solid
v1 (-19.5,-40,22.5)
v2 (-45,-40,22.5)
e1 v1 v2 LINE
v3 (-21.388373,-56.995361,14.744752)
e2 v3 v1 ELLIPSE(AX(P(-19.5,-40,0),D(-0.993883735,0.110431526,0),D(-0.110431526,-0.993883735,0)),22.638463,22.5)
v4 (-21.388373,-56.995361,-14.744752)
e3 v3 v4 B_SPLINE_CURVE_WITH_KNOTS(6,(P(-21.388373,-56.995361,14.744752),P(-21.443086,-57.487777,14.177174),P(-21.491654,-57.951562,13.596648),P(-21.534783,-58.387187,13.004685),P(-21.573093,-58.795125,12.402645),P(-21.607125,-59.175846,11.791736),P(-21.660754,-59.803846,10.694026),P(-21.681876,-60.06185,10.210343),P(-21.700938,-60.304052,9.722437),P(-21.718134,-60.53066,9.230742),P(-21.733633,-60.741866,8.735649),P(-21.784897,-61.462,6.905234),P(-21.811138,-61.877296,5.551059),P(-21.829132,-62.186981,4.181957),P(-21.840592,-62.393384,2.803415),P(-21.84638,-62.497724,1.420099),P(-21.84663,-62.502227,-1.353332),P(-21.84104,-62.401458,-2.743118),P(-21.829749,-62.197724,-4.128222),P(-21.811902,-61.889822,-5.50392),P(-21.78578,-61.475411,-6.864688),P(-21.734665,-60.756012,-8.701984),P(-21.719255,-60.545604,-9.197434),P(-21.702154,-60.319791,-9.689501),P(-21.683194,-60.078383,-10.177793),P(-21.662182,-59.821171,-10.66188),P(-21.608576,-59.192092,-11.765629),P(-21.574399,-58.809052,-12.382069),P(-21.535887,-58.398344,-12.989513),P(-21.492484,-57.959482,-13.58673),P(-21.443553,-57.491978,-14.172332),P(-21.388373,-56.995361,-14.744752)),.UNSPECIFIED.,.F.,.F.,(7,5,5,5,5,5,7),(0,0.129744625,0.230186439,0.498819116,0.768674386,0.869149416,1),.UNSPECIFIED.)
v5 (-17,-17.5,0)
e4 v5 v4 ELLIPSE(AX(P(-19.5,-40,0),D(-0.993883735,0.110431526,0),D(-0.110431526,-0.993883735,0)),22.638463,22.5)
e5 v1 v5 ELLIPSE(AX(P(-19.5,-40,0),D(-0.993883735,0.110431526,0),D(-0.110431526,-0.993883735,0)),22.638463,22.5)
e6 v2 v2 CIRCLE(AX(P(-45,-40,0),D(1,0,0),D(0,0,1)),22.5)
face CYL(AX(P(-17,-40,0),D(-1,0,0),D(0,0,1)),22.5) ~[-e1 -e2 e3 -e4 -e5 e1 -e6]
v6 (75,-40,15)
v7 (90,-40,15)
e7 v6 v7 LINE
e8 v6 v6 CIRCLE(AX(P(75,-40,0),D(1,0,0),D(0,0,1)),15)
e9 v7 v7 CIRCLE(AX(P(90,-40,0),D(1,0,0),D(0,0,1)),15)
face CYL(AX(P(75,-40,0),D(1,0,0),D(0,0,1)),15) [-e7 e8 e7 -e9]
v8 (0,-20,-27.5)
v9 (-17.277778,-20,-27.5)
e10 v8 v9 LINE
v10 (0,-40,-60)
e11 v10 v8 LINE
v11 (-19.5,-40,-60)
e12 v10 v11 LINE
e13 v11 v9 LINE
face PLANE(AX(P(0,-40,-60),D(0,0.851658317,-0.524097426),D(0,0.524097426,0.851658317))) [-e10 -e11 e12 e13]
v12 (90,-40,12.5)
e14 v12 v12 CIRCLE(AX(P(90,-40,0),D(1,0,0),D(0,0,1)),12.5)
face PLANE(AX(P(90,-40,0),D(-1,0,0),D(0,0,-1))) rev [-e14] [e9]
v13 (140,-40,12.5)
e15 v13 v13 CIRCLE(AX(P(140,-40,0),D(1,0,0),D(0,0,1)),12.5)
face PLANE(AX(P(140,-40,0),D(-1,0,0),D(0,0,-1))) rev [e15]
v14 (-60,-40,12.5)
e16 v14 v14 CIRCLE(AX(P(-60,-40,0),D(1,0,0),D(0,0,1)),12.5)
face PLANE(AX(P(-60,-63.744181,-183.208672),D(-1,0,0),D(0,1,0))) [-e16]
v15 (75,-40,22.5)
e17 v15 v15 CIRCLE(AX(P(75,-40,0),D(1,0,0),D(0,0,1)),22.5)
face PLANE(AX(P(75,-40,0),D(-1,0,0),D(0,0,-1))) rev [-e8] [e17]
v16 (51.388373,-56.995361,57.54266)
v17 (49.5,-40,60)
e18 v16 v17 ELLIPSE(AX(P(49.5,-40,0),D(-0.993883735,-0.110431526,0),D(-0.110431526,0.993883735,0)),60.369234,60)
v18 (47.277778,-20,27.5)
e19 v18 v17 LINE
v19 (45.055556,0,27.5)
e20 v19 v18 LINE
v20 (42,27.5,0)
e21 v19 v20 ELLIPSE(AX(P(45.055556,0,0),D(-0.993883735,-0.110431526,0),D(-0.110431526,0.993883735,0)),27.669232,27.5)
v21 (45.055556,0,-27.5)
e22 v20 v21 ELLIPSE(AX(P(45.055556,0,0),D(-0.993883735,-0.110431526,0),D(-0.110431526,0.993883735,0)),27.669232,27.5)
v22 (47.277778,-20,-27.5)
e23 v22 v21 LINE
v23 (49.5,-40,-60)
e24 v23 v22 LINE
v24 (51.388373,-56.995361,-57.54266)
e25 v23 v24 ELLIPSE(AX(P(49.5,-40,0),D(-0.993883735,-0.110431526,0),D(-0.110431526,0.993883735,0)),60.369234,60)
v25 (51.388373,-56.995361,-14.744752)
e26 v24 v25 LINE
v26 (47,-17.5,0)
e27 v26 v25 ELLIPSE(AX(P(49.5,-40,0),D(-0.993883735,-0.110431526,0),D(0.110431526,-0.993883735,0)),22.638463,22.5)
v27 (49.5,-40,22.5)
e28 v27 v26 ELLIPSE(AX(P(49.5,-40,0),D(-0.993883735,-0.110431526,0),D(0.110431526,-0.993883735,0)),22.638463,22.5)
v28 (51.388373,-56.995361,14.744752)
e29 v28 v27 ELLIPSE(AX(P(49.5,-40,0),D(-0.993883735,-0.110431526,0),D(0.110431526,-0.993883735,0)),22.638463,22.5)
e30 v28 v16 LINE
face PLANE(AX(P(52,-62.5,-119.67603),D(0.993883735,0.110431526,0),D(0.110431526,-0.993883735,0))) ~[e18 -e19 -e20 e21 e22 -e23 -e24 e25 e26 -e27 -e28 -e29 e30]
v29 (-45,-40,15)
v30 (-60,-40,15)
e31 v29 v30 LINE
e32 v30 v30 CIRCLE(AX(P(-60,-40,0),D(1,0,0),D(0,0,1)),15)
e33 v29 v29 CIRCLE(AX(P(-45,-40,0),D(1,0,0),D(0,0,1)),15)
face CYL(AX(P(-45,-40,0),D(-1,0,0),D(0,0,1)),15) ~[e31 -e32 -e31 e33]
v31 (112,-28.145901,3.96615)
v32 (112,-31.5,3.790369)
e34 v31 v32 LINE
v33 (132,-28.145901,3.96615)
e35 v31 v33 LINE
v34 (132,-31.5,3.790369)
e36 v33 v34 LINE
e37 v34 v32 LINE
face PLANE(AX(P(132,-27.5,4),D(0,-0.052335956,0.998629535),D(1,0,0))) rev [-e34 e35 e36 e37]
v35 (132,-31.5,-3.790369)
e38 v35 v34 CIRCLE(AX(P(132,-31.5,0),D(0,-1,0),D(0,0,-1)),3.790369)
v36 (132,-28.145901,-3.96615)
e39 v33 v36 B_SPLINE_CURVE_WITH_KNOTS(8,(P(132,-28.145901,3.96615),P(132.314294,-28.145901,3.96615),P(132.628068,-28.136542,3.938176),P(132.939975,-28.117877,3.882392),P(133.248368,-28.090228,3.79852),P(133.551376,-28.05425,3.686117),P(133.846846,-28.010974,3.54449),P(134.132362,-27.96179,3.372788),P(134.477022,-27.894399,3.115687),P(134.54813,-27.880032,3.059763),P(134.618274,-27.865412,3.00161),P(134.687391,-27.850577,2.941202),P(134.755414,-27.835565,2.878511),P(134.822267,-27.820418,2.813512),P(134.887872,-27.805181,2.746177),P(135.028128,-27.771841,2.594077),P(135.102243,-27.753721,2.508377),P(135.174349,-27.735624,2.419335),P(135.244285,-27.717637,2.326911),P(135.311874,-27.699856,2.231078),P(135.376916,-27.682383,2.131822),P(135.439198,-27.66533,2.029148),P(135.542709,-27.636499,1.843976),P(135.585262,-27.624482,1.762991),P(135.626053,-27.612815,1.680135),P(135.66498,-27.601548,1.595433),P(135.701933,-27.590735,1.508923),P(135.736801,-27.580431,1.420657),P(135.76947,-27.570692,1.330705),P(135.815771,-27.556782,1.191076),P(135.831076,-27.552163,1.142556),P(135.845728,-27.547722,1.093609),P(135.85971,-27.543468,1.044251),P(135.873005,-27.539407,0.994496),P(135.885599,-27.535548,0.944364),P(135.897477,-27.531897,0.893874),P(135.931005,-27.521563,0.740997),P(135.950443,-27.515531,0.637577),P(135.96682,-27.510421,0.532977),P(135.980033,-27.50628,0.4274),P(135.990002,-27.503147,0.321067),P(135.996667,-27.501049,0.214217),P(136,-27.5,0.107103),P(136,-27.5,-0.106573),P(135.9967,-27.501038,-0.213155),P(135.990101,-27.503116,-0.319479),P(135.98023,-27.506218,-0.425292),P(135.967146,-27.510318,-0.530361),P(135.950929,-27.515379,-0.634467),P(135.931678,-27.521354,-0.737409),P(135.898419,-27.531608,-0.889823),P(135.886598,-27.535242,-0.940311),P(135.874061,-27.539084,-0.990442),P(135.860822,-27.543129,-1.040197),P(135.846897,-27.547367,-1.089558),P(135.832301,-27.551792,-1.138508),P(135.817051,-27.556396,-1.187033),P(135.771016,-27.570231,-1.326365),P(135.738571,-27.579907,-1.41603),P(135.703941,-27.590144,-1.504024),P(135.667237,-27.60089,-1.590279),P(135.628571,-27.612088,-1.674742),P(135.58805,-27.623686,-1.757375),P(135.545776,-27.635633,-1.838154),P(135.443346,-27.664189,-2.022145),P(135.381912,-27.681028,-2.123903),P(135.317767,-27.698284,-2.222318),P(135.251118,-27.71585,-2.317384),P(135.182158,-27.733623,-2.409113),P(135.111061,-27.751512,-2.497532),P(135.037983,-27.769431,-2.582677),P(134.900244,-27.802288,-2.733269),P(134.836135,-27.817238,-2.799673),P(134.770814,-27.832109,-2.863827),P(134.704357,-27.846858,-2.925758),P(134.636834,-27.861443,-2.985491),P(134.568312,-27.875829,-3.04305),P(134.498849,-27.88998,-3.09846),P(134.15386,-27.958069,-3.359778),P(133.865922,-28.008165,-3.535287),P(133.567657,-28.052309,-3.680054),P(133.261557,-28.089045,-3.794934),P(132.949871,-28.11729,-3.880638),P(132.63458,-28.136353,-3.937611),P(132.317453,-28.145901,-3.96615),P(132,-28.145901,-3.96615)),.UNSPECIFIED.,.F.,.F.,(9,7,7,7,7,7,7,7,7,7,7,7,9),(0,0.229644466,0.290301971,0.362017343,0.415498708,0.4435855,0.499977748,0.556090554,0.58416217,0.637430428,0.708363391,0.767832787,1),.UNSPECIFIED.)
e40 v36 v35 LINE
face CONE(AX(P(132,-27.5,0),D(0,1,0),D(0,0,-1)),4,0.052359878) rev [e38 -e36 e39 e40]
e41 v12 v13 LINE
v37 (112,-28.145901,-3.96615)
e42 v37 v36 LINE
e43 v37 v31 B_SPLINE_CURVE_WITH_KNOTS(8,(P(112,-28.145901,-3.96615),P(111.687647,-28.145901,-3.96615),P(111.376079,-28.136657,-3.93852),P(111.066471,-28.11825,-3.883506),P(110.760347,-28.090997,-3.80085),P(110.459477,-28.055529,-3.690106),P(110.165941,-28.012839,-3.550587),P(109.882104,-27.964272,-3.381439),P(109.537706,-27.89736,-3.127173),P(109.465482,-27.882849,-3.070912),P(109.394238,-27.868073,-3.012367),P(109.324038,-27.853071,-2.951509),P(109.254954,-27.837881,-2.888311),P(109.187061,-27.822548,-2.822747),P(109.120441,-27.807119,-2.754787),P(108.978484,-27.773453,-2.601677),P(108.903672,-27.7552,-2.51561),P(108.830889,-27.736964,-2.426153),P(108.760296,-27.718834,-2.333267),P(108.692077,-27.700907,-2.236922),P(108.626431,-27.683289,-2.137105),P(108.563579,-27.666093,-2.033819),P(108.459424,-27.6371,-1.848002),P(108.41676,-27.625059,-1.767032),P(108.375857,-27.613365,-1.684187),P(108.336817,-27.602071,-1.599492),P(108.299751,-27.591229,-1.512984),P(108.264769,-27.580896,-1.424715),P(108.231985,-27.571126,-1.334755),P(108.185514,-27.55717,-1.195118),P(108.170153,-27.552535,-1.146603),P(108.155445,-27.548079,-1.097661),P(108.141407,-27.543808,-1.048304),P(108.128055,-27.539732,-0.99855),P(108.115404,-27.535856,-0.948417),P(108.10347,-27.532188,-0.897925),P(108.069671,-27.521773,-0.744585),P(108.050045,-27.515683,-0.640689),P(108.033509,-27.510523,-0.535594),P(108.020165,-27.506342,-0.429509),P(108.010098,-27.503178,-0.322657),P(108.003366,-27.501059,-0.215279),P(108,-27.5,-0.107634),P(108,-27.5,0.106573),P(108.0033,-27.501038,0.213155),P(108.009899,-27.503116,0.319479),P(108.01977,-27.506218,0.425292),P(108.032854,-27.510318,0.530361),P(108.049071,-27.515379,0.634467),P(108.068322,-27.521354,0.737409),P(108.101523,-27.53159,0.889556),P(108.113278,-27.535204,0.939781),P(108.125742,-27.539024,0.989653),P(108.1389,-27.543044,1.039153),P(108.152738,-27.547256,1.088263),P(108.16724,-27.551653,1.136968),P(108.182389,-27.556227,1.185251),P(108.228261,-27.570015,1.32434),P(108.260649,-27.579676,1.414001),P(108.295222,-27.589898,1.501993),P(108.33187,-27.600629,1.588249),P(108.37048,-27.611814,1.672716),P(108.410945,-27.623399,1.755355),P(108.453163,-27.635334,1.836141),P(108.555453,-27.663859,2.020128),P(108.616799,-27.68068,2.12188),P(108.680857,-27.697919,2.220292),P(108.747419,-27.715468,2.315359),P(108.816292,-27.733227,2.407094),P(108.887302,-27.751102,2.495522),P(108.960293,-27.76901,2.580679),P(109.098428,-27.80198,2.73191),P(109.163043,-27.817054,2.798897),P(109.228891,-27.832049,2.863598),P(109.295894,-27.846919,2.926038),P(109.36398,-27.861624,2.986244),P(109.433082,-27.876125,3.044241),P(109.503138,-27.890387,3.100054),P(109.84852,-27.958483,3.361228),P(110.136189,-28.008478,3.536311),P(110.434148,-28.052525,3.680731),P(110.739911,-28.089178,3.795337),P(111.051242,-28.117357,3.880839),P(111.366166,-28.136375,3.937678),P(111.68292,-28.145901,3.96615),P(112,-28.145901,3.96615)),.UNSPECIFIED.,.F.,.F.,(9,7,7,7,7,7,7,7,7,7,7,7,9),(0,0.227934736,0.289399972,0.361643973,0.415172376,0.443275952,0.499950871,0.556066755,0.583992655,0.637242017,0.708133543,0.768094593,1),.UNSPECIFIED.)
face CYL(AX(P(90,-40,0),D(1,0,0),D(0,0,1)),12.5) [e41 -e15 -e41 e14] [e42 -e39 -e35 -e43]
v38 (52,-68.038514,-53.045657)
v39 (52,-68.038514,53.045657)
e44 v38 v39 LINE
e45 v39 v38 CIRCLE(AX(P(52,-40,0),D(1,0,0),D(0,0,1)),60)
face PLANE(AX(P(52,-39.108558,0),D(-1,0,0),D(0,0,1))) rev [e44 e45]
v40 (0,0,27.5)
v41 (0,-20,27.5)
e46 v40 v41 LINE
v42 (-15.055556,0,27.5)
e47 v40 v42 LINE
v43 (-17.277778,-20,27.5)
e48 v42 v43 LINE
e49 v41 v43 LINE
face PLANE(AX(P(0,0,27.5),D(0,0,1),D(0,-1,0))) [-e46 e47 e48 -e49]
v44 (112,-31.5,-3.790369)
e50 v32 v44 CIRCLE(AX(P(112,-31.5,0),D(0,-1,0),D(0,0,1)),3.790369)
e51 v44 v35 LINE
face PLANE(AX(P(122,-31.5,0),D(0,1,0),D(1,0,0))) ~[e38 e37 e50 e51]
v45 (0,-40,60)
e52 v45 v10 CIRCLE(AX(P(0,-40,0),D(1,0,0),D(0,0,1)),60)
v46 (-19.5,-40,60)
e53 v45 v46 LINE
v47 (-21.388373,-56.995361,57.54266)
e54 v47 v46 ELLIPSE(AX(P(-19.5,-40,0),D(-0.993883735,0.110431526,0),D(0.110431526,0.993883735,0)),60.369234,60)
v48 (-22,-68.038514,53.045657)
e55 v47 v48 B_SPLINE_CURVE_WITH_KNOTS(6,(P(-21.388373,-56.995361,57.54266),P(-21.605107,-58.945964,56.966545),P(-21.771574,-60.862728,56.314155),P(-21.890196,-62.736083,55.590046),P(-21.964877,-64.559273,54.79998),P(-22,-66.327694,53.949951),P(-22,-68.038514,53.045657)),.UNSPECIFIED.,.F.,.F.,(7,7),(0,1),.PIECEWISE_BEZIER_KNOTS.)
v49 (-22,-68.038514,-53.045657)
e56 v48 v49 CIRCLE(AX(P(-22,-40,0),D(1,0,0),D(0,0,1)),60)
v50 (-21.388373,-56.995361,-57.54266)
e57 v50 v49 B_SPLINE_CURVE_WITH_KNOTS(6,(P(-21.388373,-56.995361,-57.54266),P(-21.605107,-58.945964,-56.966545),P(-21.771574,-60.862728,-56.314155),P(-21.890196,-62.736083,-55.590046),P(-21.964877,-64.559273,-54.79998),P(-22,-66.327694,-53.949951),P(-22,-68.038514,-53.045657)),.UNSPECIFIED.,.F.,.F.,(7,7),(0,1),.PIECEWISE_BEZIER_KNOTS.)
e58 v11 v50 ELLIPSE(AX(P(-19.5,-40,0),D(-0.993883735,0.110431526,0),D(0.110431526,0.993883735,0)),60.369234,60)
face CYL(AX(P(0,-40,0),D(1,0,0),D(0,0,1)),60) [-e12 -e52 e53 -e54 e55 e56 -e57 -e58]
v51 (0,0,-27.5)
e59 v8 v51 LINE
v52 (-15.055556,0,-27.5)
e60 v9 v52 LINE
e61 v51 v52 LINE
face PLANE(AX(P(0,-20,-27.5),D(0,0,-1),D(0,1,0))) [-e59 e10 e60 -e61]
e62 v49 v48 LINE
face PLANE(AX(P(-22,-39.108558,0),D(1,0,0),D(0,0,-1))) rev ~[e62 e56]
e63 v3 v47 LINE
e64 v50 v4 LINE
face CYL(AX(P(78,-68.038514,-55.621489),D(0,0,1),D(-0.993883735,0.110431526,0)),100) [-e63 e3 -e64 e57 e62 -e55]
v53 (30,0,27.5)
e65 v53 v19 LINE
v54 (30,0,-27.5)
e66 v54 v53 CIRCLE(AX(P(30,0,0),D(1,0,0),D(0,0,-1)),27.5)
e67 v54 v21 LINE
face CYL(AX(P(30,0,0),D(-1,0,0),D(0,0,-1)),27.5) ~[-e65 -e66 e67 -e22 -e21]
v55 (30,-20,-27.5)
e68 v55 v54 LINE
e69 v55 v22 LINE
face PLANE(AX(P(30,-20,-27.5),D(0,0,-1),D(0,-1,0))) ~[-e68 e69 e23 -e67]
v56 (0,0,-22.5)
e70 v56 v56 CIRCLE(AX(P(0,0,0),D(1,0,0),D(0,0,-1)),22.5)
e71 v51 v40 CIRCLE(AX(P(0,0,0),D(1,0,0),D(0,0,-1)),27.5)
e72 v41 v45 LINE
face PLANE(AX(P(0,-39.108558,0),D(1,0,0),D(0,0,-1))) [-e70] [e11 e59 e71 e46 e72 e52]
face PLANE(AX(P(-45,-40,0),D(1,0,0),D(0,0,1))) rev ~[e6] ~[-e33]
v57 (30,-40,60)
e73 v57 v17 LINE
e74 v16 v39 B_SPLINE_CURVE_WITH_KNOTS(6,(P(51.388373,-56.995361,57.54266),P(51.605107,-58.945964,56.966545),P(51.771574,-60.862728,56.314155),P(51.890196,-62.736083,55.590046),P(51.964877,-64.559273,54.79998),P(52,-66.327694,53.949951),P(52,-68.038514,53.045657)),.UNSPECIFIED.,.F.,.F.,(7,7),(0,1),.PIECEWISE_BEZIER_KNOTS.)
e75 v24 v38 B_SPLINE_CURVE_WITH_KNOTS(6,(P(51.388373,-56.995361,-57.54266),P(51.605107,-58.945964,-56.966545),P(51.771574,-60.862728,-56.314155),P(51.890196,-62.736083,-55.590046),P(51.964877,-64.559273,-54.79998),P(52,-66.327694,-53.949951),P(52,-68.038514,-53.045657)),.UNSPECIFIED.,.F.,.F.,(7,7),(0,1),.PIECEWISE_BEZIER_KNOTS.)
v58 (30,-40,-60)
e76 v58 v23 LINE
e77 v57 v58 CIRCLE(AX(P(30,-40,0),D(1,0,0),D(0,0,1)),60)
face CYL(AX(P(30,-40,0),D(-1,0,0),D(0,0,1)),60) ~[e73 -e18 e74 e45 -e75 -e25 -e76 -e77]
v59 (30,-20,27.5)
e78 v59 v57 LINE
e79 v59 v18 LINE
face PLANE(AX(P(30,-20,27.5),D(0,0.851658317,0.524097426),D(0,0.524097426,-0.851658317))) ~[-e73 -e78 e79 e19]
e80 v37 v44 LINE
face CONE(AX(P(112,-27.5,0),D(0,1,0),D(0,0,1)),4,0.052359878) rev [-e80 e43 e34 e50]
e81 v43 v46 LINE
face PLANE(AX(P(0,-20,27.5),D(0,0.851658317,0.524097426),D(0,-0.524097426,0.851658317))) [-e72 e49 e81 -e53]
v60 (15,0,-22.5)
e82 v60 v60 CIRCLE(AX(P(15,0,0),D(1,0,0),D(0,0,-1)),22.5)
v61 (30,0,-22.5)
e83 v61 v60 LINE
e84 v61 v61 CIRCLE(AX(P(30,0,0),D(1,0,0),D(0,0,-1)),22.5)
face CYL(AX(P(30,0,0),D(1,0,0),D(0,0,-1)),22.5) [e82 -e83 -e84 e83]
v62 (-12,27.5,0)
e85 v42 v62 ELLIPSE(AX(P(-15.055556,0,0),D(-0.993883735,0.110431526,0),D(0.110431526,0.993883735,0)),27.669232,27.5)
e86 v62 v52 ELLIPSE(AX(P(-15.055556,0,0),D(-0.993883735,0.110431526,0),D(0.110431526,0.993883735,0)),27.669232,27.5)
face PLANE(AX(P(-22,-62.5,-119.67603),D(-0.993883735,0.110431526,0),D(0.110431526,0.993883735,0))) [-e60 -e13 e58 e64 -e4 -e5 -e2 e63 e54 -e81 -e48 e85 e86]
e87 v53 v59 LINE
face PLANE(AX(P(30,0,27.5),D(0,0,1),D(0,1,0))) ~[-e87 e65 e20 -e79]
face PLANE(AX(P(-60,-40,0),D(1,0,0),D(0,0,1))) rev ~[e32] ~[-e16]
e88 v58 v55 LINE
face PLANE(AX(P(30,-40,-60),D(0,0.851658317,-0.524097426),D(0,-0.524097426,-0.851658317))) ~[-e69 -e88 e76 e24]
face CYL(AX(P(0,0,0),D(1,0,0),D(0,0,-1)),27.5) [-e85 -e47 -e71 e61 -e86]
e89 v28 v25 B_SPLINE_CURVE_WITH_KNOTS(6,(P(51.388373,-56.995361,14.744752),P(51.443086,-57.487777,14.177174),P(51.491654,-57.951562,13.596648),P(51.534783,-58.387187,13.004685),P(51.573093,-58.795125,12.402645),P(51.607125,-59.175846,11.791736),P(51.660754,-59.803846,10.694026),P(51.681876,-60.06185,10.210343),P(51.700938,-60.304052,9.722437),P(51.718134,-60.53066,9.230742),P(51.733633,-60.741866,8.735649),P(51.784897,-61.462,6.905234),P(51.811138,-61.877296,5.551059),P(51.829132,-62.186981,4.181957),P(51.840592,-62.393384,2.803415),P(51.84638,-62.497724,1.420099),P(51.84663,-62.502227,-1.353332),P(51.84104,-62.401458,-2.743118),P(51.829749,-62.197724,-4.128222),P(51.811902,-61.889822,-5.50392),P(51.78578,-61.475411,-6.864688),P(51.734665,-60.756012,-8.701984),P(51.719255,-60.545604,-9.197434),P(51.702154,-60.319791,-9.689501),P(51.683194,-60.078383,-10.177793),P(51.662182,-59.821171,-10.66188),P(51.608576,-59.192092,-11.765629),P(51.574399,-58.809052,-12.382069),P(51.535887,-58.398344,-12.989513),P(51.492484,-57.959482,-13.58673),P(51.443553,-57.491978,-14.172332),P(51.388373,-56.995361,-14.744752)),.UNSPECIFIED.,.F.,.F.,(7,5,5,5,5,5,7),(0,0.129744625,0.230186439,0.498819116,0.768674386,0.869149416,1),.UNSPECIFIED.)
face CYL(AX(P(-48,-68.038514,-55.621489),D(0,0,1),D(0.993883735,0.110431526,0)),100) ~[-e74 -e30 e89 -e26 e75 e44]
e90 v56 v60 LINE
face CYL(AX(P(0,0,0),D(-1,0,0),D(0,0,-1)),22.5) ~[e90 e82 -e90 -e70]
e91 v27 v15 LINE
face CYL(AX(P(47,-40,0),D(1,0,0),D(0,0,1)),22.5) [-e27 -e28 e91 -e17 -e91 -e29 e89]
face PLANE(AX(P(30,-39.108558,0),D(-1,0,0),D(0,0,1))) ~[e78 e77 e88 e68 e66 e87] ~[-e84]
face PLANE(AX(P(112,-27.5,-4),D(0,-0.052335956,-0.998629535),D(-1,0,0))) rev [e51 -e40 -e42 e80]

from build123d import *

# Parameters (mm, degrees)
SKETCH2_R               = 22.5
BOSS_EXTRUDE1_DEPTH     = 15
BOSS_EXTRUDE2_DEPTH     = 22
CUT_EXTRUDE2_DEPTH      = 119.676029593
CUT_EXTRUDE2_DEPTH_BACK = 119.676029593
FILLET1_R               = 100
CUT_EXTRUDE3_START      = -27.5
CUT_EXTRUDE3_DEPTH      = 4
CUT_EXTRUDE3_DRAFT      = -3
CUT_EXTRUDE7_DEPTH      = 183.208671748
CUT_EXTRUDE7_DEPTH_BACK = 183.208671748


with BuildPart() as part:
    # Sketch2 → Boss-Extrude1 (new body)
    with BuildSketch(Plane(origin=(0, 0, 0), x_dir=(0, 0, -1), z_dir=(1, 0, 0))):
        Circle(SKETCH2_R)
    extrude(amount=BOSS_EXTRUDE1_DEPTH)

    # Sketch3 → Boss-Extrude2 (add)
    with BuildSketch(Plane(origin=(0, 0, 0), x_dir=(0, 0, -1), z_dir=(1, 0, 0))):
        with BuildLine():
            Line((-27.5, 0), (-27.5, -20))
            Line((-27.5, -20), (-60, -40))
            ThreePointArc((-60, -40), (0, -100), (60, -40))
            Line((60, -40), (27.5, -20))
            Line((27.5, -20), (27.5, 0))
            ThreePointArc((27.5, 0), (0, 27.5), (-27.5, 0))
        make_face()
    extrude(amount=-BOSS_EXTRUDE2_DEPTH)

    # Sketch4 → Cut-Extrude2 (cut, two sides: drawn at the far end of the back side and taken through both)
    with BuildSketch(Plane.XY.offset(-CUT_EXTRUDE2_DEPTH_BACK)):
        Polygon((-12, 27.5), (-22, 27.5), (-22, -62.5), align=None)
    extrude(amount=CUT_EXTRUDE2_DEPTH + CUT_EXTRUDE2_DEPTH_BACK, mode=Mode.SUBTRACT)

    # Fillet1
    fillet1_edges = [part.edges().sort_by_distance(p)[0] for p in [
        (-22, -62.5, 0),
    ]]
    fillet(fillet1_edges, radius=FILLET1_R)

    # Sketch6 → Revolve1 (revolve)
    with BuildSketch(Plane.XY, mode=Mode.PRIVATE) as revolve1_sk:
        Polygon((-17, -17.5), (-45, -17.5), (-45, -25), (-60, -25), (-60, -27.5), (-110, -27.5), (-110, -40), (-17, -40), align=None)
    revolve(revolve1_sk.sketch.rotate(Axis((0, -40, 0), (1, 0, 0)), 90), axis=Axis((0, -40, 0), (1, 0, 0)))


with BuildPart() as cut_extrude3_tool:
    # Sketch8 → Cut-Extrude3 (with draft: the straight prism first)
    with BuildSketch(Plane(origin=(0, 0, 0), x_dir=(1, 0, 0), z_dir=(0, 1, 0)).offset(CUT_EXTRUDE3_START)):
        with BuildLine():
            ThreePointArc((-82, -4), (-78, 0), (-82, 4))
            Line((-82, 4), (-102, 4))
            ThreePointArc((-102, 4), (-106, 0), (-102, -4))
            Line((-102, -4), (-82, -4))
        make_face()
    extrude(amount=-CUT_EXTRUDE3_DEPTH)
    # Cut-Extrude3: the draft: its side faces are tilted about the plane it starts from
    cut_extrude3_sides = [cut_extrude3_tool.faces().sort_by_distance(p)[0] for p in [
        (-78, -29.5, 0),
        (-92, -29.5, -4),
        (-106, -29.5, 0),
        (-92, -29.5, 4),
    ]]
    draft(cut_extrude3_sides, Plane(origin=(0, 0, 0), x_dir=(1, 0, 0), z_dir=(0, 1, 0)).offset(CUT_EXTRUDE3_START), CUT_EXTRUDE3_DRAFT)


with BuildPart() as part_1:
    add(part.part)

    # Cut-Extrude3: cut by cut_extrude3_tool
    add(cut_extrude3_tool.part, mode=Mode.SUBTRACT)

    # Mirror2: part across plane


with BuildPart() as part_2:
    add(part_1.part)
    add(part_1.part.mirror(Plane(origin=(15, 0, 0), x_dir=(0, 0, 1), z_dir=(1, 0, 0))))

    # Sketch9 → Cut-Extrude7 (cut, two sides: drawn at the far end of the back side and taken through both)
    with BuildSketch(Plane.XY.offset(-CUT_EXTRUDE7_DEPTH_BACK)):
        Polygon((-60, -63.744180842), (-60, 19.972023277), (-60, 24.234333035), (-120.234198747, 24.234333035), (-120.234198747, -63.744180842), align=None)
    extrude(amount=CUT_EXTRUDE7_DEPTH + CUT_EXTRUDE7_DEPTH_BACK, mode=Mode.SUBTRACT)


solid = part_2.part
